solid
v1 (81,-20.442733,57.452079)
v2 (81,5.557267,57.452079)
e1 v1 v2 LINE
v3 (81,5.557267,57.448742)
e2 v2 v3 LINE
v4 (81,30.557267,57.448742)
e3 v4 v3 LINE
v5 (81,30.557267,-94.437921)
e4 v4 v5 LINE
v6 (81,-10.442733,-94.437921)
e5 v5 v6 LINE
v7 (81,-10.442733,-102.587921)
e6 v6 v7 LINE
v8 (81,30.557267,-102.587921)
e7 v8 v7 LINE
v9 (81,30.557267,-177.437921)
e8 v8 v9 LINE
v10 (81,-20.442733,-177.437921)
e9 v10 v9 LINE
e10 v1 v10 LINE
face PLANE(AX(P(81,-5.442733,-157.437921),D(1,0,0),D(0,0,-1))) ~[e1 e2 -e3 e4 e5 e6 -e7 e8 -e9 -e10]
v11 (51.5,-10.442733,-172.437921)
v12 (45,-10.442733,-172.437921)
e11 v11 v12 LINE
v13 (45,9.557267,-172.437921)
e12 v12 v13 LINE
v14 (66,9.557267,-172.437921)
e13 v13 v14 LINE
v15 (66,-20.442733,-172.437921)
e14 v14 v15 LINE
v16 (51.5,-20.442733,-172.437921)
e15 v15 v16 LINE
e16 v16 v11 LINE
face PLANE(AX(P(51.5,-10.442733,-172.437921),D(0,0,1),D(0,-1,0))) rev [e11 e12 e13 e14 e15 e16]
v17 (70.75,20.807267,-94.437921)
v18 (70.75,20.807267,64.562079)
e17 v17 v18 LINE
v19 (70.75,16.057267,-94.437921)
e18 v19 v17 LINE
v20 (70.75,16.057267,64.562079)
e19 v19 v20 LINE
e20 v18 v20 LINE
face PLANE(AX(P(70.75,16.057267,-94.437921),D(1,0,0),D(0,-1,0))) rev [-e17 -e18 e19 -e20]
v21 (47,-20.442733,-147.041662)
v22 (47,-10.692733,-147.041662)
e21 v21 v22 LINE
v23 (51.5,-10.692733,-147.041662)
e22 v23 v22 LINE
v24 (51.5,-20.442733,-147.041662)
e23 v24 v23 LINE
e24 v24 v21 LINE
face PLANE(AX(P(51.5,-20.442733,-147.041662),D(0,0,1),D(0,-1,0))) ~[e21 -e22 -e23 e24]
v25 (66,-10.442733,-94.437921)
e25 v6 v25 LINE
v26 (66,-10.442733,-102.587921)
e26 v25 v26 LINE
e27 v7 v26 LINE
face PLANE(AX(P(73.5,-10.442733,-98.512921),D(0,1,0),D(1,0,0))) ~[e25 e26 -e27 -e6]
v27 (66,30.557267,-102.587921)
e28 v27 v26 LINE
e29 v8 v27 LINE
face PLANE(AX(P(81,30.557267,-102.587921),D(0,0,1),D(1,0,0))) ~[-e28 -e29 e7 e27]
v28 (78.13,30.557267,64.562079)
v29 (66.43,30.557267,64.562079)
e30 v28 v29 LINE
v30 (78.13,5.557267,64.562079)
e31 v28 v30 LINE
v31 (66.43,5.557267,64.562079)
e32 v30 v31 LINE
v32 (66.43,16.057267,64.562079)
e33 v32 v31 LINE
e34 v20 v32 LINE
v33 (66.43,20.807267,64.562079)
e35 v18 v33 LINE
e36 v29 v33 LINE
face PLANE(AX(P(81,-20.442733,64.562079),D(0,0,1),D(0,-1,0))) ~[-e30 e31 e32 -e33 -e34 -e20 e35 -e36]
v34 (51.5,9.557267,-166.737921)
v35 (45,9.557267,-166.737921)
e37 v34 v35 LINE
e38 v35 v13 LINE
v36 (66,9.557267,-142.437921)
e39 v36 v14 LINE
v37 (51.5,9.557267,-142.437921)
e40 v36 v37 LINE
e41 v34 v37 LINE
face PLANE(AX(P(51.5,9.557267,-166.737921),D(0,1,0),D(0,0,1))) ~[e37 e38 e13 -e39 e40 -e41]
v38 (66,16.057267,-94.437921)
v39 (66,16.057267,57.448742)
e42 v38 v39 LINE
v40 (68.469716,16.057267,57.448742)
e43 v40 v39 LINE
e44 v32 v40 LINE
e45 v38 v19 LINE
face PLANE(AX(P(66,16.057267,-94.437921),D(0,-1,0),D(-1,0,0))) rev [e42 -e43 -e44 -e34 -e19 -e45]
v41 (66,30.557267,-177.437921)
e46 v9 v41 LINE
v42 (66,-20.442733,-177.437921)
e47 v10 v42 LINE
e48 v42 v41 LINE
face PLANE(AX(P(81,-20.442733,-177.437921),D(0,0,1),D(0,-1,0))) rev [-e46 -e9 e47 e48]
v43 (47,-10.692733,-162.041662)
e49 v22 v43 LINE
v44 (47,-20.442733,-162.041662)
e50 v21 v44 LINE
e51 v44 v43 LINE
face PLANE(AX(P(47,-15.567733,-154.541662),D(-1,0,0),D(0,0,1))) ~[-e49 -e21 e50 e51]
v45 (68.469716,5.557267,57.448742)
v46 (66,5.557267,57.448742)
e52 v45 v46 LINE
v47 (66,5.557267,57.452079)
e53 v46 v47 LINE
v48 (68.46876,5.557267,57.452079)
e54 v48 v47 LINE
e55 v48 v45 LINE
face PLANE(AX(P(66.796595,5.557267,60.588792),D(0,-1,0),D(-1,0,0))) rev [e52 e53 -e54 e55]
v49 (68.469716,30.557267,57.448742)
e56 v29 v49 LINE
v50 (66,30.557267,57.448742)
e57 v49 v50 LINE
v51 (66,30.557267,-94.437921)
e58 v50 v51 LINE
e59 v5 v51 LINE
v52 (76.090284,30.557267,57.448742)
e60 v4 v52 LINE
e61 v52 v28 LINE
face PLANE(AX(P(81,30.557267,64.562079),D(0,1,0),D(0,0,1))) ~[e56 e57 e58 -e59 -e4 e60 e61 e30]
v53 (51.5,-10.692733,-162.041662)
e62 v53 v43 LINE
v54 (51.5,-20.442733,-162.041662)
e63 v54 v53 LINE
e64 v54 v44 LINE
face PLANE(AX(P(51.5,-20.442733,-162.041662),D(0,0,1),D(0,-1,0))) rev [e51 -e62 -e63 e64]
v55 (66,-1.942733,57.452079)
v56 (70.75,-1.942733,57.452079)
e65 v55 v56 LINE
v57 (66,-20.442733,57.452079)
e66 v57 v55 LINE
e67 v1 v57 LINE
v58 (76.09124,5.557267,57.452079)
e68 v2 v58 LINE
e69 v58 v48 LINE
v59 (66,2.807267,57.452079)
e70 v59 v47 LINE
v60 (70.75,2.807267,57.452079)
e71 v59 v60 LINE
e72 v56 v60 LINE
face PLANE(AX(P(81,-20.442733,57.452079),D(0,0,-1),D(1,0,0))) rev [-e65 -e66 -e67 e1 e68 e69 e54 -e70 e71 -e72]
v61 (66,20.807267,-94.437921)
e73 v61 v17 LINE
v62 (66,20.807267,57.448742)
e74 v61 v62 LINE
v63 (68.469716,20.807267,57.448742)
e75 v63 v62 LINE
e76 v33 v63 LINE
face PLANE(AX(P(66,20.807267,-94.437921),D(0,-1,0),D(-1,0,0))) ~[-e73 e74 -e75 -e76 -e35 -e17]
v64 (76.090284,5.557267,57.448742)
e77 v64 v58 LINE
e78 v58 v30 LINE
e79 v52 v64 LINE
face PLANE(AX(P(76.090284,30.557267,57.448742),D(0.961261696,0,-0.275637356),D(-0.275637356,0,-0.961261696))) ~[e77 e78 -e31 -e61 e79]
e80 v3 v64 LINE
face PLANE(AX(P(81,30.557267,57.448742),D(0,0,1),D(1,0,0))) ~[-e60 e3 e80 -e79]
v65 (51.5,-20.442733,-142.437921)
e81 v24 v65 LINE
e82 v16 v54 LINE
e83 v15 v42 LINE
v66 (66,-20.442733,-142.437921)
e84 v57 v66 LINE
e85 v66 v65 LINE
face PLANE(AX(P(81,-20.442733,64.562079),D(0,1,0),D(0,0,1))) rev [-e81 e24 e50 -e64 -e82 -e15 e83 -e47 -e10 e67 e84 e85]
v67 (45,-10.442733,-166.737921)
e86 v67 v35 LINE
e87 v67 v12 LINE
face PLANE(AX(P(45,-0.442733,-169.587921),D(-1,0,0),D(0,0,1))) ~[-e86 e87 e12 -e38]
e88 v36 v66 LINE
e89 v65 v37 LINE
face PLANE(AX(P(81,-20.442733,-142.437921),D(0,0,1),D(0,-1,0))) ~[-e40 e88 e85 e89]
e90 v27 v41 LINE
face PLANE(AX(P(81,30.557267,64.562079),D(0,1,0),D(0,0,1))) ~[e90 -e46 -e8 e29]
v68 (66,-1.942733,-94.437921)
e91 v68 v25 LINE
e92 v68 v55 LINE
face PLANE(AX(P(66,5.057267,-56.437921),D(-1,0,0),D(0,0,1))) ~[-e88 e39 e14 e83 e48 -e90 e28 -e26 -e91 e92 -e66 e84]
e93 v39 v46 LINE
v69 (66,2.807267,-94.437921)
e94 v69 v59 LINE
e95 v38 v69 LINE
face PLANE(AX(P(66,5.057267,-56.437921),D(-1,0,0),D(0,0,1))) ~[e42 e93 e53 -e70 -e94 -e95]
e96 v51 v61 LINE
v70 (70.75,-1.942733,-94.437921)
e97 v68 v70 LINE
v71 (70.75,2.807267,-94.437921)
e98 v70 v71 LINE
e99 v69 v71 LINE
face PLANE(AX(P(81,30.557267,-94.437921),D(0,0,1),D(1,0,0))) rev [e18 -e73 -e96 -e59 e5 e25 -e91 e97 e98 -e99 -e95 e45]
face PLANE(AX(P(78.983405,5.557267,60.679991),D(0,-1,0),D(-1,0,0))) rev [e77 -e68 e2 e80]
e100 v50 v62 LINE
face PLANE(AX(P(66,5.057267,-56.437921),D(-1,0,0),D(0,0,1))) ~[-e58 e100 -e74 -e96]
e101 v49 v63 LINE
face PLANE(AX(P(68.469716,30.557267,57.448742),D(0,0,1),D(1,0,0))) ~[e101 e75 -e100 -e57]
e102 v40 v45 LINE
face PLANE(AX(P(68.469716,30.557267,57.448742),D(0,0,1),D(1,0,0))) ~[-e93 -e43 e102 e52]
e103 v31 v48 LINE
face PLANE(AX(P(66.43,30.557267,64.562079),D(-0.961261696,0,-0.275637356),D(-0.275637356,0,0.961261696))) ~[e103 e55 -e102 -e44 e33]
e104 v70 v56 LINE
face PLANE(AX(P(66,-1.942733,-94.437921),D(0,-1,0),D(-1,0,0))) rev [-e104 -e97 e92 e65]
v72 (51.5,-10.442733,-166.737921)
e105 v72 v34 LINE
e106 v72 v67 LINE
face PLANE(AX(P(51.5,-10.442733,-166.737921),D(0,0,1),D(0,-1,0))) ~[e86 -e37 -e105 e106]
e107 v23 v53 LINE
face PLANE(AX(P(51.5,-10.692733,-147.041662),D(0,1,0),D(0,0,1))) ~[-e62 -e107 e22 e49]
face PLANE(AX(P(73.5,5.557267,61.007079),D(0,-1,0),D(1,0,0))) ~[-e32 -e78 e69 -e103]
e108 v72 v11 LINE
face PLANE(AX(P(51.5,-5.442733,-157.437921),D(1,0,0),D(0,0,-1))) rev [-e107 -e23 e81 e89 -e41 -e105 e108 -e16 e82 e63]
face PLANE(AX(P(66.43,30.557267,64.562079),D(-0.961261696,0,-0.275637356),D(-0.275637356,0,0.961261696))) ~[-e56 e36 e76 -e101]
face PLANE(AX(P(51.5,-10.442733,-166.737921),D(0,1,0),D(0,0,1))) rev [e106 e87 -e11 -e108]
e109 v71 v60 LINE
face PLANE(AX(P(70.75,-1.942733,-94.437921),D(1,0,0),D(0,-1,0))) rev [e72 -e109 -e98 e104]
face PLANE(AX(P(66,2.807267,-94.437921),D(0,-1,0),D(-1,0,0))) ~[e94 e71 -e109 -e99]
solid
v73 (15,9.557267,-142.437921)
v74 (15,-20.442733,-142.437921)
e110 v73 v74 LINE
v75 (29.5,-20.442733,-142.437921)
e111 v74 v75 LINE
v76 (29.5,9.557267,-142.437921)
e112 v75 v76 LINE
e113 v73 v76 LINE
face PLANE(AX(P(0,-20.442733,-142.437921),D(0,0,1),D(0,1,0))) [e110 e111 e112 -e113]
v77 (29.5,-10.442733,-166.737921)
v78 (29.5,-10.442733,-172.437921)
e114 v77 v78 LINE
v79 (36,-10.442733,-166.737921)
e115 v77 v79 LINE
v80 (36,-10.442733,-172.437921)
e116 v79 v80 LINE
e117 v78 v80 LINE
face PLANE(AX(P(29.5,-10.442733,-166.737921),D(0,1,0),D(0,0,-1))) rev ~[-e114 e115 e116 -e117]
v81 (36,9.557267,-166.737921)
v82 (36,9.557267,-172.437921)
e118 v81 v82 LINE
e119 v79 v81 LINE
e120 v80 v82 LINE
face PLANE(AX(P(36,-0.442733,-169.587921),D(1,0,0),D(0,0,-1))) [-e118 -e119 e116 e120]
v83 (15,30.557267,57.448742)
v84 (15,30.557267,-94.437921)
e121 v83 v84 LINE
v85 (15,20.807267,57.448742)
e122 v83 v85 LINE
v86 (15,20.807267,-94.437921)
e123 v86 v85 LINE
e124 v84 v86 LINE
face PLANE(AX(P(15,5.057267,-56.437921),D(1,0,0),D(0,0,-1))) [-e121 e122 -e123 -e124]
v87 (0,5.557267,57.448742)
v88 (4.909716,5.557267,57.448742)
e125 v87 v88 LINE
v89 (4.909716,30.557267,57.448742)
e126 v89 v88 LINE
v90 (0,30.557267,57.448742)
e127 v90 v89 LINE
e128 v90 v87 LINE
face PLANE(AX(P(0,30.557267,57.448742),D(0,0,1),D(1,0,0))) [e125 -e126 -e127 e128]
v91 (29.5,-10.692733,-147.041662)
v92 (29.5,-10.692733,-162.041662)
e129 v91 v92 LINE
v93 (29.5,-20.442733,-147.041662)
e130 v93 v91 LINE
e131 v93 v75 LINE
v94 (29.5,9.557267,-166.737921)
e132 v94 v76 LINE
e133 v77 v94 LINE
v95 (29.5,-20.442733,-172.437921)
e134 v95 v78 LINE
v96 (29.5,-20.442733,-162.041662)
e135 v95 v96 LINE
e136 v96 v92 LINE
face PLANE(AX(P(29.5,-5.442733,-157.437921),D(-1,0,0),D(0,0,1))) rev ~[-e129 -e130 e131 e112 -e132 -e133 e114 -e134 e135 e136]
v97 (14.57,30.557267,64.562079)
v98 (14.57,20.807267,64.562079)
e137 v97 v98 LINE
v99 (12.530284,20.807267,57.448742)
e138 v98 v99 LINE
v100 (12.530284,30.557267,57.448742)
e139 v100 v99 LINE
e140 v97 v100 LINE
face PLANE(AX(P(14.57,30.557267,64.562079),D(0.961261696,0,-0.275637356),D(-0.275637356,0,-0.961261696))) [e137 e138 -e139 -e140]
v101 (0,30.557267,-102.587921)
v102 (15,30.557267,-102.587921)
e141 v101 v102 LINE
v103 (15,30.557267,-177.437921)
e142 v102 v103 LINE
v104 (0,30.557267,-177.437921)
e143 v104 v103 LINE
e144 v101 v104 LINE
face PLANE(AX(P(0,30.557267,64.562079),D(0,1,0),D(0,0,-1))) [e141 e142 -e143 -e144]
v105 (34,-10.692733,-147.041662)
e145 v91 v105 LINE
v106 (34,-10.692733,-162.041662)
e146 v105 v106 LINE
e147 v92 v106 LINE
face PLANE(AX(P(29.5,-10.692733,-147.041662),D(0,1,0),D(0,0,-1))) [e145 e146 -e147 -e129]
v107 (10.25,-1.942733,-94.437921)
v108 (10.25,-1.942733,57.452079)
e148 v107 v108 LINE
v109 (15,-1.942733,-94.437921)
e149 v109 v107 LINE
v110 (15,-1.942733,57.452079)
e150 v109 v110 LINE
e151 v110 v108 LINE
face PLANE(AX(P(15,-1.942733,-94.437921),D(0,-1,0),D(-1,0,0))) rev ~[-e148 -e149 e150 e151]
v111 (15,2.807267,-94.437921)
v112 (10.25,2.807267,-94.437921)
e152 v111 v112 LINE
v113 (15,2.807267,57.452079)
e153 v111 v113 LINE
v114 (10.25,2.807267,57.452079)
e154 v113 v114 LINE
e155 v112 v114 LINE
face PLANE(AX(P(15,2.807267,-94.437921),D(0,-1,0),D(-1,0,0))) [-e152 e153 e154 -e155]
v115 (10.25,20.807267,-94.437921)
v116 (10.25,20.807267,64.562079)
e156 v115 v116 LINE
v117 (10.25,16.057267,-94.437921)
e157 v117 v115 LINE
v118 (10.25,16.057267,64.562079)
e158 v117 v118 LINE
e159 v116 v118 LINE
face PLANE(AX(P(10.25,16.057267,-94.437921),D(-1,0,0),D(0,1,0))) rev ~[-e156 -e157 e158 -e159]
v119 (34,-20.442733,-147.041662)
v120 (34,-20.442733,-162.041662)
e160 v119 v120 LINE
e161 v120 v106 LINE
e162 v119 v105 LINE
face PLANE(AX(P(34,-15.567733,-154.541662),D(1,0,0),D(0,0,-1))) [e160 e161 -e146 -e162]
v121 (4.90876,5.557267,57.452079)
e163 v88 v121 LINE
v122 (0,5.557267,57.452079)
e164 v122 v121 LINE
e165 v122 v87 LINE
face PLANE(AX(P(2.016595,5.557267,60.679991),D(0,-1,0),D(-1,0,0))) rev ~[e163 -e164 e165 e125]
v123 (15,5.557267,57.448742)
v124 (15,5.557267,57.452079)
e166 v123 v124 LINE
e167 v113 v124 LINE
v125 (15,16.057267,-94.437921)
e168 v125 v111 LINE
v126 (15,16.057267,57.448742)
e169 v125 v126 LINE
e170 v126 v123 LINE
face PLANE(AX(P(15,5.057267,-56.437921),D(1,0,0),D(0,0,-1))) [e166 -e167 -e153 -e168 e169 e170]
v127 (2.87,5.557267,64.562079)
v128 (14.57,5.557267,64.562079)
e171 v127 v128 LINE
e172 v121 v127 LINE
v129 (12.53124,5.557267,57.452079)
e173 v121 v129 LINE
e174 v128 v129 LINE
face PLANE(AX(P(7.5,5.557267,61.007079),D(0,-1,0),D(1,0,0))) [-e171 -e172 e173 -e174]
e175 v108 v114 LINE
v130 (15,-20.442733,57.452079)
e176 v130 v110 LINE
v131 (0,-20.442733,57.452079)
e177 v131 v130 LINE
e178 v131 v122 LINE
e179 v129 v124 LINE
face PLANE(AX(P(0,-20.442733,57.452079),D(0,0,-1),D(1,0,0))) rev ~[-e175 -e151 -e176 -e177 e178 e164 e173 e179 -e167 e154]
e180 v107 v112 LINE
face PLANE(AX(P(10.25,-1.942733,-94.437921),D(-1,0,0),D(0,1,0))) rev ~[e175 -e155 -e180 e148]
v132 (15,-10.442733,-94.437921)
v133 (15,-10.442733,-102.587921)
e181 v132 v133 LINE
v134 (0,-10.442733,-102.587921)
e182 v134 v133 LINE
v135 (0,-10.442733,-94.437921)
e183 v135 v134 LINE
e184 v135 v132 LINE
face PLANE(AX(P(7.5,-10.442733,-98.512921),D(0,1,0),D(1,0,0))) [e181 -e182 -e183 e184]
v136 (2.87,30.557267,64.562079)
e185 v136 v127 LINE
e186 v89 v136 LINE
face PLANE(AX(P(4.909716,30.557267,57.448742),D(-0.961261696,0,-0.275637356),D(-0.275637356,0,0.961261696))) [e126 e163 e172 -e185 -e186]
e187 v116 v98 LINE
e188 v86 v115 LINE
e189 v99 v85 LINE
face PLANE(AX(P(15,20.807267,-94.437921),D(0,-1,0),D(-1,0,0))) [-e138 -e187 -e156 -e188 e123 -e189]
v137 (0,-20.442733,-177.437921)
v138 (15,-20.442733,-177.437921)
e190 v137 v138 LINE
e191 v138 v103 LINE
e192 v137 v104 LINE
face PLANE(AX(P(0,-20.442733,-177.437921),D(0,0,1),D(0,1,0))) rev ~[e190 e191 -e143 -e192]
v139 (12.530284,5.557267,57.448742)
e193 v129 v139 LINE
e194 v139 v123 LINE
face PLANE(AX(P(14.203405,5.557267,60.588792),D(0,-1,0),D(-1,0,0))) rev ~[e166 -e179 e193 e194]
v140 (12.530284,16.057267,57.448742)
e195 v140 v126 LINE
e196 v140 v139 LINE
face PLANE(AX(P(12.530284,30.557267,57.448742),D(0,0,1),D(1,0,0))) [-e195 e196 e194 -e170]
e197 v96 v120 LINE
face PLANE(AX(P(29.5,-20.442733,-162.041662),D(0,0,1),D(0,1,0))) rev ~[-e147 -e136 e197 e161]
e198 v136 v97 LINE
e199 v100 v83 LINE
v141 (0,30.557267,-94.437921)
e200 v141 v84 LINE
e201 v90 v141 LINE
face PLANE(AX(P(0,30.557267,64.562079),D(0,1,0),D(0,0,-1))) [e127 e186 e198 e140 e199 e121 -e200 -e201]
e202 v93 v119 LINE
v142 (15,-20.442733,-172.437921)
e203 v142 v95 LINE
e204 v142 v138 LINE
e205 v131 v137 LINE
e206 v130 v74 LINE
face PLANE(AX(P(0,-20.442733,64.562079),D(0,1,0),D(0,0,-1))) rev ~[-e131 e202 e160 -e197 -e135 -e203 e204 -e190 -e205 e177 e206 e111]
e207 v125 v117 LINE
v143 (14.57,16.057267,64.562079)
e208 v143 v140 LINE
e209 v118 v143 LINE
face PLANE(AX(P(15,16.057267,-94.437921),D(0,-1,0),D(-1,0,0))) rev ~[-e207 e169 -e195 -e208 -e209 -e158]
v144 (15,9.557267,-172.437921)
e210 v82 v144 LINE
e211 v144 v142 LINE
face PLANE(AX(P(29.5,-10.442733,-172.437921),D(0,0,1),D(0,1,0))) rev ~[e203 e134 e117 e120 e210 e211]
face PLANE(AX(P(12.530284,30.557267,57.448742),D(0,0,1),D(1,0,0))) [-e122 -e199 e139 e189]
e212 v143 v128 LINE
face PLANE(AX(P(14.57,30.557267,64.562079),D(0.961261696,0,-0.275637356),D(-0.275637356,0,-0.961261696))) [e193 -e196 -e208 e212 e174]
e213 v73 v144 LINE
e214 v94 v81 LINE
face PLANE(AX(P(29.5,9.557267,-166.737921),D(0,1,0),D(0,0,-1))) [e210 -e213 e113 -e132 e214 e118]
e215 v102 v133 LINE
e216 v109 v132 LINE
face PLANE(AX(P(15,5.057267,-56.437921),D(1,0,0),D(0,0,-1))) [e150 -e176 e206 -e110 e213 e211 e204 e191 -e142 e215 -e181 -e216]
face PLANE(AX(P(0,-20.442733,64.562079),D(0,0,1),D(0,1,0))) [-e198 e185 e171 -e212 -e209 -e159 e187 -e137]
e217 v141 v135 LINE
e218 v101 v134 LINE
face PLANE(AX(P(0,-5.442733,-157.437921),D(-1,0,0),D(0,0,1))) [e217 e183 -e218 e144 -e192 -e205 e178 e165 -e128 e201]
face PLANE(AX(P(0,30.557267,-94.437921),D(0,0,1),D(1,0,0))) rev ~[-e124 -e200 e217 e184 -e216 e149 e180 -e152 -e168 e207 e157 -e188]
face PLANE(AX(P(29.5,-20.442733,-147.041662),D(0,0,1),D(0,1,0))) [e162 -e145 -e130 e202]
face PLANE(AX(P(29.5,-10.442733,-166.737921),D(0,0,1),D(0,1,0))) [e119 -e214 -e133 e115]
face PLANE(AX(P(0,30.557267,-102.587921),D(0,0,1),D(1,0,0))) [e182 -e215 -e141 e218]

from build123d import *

# Parameters (mm, degrees)
SKETCH1_W           = 242
SKETCH1_H           = 51
BOSS_EXTRUDE1_DEPTH = 15
SKETCH26_W          = 30
SKETCH26_H          = 30
BOSS_EXTRUDE3_DEPTH = 29.5
SKETCH28_W          = 15
SKETCH28_H          = 9.75
BOSS_EXTRUDE5_DEPTH = 4.5
SKETCH29_W          = 5.7
SKETCH29_H          = 20
BOSS_EXTRUDE6_DEPTH = 6.5
CUT_EXTRUDE8_DEPTH  = 25
SKETCH13_W          = 15
SKETCH13_H          = 7.11
CUT_EXTRUDE9_DEPTH  = 26
SKETCH17_W          = 15
SKETCH17_H          = 8.15
CUT_EXTRUDE10_DEPTH = 41
SKETCH7_W           = 4.75
SKETCH7_H           = 4.75
CUT_EXTRUDE5_DEPTH  = 165


with BuildPart() as part:
    # Sketch1 → Boss-Extrude1 (new body)
    with BuildSketch(Plane(origin=(0, 0, 0), x_dir=(0, 0, -1), z_dir=(1, 0, 0))):
        with Locations((56.437921078, 5.057266603)):
            Rectangle(SKETCH1_W, SKETCH1_H)
    extrude(amount=BOSS_EXTRUDE1_DEPTH)

    # Sketch26 → Boss-Extrude3 (add)
    with BuildSketch(Plane.ZY):
        with Locations((-157.437921078, -5.442733397)):
            Rectangle(SKETCH26_W, SKETCH26_H)
    extrude(amount=-BOSS_EXTRUDE3_DEPTH)

    # Sketch28 → Boss-Extrude5 (add)
    with BuildSketch(Plane(origin=(29.5, 0, 0), x_dir=(0, 0, -1), z_dir=(1, 0, 0))):
        with Locations((154.541661602, -15.567733397)):
            Rectangle(SKETCH28_W, SKETCH28_H)
    extrude(amount=BOSS_EXTRUDE5_DEPTH)

    # Sketch29 → Boss-Extrude6 (add)
    with BuildSketch(Plane(origin=(29.5, 0, 0), x_dir=(0, 0, -1), z_dir=(1, 0, 0))):
        with Locations((169.587921078, -0.442733397)):
            Rectangle(SKETCH29_W, SKETCH29_H)
    extrude(amount=BOSS_EXTRUDE6_DEPTH)

    # Sketch12 → Cut-Extrude8 (cut)
    with BuildSketch(Plane(origin=(0, 30.557266603, 0), x_dir=(1, 0, 0), z_dir=(0, 1, 0))):
        Polygon((0, -57.448742372), (4.909716433, -57.448742372), (2.87, -64.562078922), (0, -64.562078922), align=None)
        Polygon((15, -57.448742372), (15, -64.562078922), (14.57, -64.562078922), (12.530283567, -57.448742372), align=None)
    extrude(amount=-CUT_EXTRUDE8_DEPTH, mode=Mode.SUBTRACT)

    # Sketch13 → Cut-Extrude9 (cut)
    with BuildSketch(Plane.XZ.offset(20.442733397)):
        with Locations((7.5, 61.007078922)):
            Rectangle(SKETCH13_W, SKETCH13_H)
    extrude(amount=-CUT_EXTRUDE9_DEPTH, mode=Mode.SUBTRACT)

    # Sketch17 → Cut-Extrude10 (cut)
    with BuildSketch(Plane(origin=(0, 30.557266603, 0), x_dir=(1, 0, 0), z_dir=(0, 1, 0))):
        with Locations((7.5, 98.512921078)):
            Rectangle(SKETCH17_W, SKETCH17_H)
    extrude(amount=-CUT_EXTRUDE10_DEPTH, mode=Mode.SUBTRACT)

    # Sketch7 → Cut-Extrude5 (cut)
    with BuildSketch(Plane(origin=(0, 0, -94.437921078), x_dir=(-1, 0, 0), z_dir=(0, 0, -1))):
        with Locations((-12.625, 0.432266603)):
            Rectangle(SKETCH7_W, SKETCH7_H)
        with Locations((-12.625, 18.432266603)):
            Rectangle(SKETCH7_W, SKETCH7_H)
    extrude(amount=-CUT_EXTRUDE5_DEPTH, mode=Mode.SUBTRACT)


with BuildPart() as body_2:
    # Mirror4: mirrored copy
    add(part.part.mirror(Plane(origin=(40.5, 0, 0), x_dir=(0, 0, 1), z_dir=(1, 0, 0))))


solid = Compound([part.part, body_2.part])
